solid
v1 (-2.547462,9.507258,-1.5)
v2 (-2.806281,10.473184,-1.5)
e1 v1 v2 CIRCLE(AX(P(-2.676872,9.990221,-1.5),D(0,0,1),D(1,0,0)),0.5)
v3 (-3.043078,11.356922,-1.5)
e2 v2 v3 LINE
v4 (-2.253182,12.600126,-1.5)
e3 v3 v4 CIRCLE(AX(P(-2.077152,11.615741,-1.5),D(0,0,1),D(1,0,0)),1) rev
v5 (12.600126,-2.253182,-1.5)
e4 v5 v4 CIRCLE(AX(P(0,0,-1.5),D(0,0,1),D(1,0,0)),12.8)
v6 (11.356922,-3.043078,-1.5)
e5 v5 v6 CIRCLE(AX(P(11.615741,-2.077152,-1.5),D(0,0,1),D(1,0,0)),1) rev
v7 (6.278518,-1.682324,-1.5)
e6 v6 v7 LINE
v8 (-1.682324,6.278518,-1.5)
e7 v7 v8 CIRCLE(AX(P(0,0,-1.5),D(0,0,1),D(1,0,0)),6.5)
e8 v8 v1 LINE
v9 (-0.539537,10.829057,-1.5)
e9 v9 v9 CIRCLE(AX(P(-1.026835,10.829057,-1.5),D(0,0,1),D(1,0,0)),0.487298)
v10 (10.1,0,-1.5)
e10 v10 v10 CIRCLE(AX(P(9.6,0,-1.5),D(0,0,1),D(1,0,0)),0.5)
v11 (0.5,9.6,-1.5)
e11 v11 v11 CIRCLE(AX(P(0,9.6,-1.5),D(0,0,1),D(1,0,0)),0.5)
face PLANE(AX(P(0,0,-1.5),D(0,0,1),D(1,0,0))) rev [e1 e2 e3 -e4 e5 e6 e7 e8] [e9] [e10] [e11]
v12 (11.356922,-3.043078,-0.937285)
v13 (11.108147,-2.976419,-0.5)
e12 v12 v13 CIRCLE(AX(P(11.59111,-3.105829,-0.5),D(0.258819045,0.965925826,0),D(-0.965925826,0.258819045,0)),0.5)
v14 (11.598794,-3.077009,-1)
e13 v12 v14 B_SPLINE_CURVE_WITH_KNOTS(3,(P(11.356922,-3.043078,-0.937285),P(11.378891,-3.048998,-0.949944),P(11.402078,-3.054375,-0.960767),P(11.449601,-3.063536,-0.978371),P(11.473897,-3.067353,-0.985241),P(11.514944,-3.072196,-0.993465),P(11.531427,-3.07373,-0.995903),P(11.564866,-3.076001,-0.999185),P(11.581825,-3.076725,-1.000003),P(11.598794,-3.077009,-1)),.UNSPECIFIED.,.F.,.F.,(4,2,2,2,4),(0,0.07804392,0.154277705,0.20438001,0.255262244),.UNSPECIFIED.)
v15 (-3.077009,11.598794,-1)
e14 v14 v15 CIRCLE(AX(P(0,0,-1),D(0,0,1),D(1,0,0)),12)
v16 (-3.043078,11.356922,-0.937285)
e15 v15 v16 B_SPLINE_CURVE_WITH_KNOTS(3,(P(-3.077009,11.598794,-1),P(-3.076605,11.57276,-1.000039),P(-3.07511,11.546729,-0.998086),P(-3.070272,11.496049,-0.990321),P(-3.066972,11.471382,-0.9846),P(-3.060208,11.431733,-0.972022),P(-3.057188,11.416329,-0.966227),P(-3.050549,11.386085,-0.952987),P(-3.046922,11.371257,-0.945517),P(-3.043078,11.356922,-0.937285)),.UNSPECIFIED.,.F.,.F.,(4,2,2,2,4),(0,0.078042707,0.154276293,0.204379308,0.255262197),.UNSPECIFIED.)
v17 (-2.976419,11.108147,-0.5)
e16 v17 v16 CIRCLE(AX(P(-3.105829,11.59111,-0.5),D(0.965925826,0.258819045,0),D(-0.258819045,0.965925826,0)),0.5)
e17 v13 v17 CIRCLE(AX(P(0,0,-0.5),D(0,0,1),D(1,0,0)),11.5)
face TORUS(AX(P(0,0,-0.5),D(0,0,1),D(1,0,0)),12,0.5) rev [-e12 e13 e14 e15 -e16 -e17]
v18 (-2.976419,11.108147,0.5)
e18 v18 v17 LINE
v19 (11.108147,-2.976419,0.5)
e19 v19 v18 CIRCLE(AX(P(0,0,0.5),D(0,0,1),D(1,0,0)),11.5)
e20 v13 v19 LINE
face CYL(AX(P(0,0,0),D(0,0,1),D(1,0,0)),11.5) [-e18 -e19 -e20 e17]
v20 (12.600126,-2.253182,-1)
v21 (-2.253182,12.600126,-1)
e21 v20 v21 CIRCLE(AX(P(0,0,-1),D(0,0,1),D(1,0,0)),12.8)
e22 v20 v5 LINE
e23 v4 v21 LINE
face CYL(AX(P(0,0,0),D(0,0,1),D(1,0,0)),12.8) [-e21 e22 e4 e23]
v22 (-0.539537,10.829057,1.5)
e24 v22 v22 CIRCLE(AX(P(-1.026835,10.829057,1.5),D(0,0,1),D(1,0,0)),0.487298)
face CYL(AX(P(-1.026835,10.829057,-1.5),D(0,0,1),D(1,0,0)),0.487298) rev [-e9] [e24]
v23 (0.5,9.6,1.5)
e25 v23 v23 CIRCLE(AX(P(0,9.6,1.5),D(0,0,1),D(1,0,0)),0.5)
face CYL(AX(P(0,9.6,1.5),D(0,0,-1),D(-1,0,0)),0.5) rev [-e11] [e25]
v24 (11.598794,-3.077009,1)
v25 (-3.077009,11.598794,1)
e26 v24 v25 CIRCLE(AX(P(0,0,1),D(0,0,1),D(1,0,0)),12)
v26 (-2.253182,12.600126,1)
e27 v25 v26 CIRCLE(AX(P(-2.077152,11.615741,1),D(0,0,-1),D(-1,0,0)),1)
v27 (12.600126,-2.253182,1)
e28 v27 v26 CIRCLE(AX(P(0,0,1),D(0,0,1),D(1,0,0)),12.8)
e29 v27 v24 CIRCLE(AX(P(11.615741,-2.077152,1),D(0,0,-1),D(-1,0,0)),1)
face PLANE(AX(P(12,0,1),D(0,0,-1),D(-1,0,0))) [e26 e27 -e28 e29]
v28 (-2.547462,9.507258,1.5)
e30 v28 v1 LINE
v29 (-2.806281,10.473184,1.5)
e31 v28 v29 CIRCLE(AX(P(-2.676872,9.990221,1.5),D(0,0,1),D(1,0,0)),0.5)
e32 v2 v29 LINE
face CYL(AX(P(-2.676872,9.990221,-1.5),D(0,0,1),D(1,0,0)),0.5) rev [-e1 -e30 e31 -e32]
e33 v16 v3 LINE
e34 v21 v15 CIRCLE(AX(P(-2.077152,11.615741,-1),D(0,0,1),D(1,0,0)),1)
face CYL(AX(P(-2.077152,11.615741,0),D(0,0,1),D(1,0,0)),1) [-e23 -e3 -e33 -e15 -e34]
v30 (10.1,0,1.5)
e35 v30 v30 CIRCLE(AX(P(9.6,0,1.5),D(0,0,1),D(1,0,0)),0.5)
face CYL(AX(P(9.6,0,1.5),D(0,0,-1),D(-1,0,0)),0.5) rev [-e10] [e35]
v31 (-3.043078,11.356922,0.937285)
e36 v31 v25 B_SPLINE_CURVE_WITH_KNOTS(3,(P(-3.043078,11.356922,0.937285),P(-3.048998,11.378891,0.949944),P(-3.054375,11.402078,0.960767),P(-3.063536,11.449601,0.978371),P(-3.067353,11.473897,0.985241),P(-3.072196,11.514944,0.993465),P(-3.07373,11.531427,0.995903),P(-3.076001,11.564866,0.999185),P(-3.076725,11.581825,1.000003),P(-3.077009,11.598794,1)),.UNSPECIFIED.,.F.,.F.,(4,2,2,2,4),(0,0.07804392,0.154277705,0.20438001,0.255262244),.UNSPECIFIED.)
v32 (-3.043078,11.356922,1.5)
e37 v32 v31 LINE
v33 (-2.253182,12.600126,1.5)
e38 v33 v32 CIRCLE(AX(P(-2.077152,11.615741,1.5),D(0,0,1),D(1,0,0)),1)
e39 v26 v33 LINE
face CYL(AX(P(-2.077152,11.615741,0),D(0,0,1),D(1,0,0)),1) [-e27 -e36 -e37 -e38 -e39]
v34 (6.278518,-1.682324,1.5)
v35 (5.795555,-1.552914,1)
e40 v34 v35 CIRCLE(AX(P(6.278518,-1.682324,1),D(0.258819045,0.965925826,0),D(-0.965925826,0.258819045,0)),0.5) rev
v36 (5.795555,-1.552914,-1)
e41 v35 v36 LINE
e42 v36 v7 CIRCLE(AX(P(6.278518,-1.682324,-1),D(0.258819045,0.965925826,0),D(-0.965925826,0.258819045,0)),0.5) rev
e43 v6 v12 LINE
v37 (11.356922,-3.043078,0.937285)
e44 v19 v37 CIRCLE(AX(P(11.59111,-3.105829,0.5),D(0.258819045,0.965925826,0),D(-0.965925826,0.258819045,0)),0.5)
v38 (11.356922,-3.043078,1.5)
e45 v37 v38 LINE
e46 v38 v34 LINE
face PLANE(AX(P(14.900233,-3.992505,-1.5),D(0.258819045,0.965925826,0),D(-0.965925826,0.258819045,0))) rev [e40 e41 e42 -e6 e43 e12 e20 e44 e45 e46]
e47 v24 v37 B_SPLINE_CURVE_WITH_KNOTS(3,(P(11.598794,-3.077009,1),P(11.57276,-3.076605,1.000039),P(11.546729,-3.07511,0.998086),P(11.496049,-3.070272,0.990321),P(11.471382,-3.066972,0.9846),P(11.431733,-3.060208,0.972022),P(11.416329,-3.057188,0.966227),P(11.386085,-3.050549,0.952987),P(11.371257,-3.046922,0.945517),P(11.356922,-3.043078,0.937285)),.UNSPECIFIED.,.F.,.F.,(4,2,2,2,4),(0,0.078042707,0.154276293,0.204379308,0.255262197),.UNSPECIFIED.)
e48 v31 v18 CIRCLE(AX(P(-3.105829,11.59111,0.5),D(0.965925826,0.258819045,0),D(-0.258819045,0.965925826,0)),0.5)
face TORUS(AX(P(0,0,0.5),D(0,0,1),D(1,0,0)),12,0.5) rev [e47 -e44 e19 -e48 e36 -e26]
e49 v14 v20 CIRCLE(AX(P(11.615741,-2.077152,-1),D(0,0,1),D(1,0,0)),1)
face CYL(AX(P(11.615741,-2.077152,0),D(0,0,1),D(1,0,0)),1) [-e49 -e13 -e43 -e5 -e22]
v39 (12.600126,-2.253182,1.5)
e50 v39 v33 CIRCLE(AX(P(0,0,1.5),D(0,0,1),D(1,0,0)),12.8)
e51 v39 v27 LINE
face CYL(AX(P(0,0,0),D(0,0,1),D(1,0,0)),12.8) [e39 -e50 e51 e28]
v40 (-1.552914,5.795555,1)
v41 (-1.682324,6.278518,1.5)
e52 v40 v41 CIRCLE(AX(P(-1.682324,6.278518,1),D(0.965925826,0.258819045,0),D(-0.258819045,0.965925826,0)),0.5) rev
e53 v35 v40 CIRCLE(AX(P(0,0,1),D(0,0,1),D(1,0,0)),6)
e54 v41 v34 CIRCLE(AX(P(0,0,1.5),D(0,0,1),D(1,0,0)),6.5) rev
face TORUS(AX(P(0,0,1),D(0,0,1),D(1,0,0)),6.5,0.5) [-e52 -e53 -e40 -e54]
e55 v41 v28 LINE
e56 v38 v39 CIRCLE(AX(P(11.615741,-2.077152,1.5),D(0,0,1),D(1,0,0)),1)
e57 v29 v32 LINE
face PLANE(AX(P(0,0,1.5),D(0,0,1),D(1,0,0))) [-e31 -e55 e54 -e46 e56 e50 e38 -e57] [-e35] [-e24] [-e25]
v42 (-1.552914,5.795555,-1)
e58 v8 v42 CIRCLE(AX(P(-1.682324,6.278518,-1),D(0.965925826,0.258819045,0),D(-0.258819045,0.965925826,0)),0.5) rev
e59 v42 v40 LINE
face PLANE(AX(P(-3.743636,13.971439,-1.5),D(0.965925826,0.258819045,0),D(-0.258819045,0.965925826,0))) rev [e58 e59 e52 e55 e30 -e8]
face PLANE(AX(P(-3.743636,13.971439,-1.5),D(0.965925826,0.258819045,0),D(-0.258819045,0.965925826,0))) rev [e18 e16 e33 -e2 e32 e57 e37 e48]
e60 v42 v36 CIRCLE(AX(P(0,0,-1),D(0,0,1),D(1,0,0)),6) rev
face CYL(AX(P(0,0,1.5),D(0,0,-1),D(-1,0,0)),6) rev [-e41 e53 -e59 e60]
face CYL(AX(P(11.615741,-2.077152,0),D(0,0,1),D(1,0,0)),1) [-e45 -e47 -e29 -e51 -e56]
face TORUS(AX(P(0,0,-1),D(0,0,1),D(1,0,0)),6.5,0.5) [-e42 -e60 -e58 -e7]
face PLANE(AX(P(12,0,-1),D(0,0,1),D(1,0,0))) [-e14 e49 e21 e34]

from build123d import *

# Parameters (mm, degrees)
SKETCH1_R               = 12
SKETCH1_R_2             = 0.5
SKETCH1_R_3             = 6
BOSS_EXTRUDE1_DEPTH     = 1.5
SKETCH6_W               = 0.8
SKETCH6_H               = 0.5
CUT_EXTRUDE1_DEPTH      = 19.163975336
CUT_EXTRUDE1_DEPTH_BACK = 19.163975336
CUT_EXTRUDE2_DEPTH      = 19.348841925
CUT_EXTRUDE2_DEPTH_BACK = 19.348841925
SKETCH5_R               = 0.5
SKETCH5_R_2             = 0.48729794
FILLET1_R               = 0.5
FILLET2_R               = 1


with BuildPart() as part:
    # Sketch1 → Boss-Extrude1 (new, symmetric)
    with BuildSketch(Plane.XY):
        Circle(SKETCH1_R)
        with Locations((9.6, 0)):
            Circle(SKETCH1_R_2, mode=Mode.SUBTRACT)
        Circle(SKETCH1_R_3, mode=Mode.SUBTRACT)
        with Locations((0, -9.6)):
            Circle(SKETCH1_R_2, mode=Mode.SUBTRACT)
        with Locations((-9.6, 0)):
            Circle(SKETCH1_R_2, mode=Mode.SUBTRACT)
        with Locations((0, 9.6)):
            Circle(SKETCH1_R_2, mode=Mode.SUBTRACT)
    extrude(amount=BOSS_EXTRUDE1_DEPTH, both=True)

    # Sketch2 → Cut-Revolve1 (revolve, cut)
    with BuildSketch(Plane(origin=(0, 0, 0), x_dir=(1, 0, 0), z_dir=(0, 1, 0)), mode=Mode.PRIVATE) as cut_revolve1_sk:
        with BuildLine():
            Line((-11.5, 0.5), (-11.5, -0.5))
            ThreePointArc((-11.5, -0.5), (-11.646446609, -0.853553391), (-12, -1))
            Line((-12, -1), (-12, 1))
            ThreePointArc((-12, 1), (-11.646446609, 0.853553391), (-11.5, 0.5))
        make_face()
    revolve(cut_revolve1_sk.sketch.rotate(Axis((0, 0, 0), (0, 0, -1)), 180), axis=Axis((0, 0, 0), (0, 0, -1)), mode=Mode.SUBTRACT)

    # Sketch6 → Revolve1 (revolve)
    with BuildSketch(Plane(origin=(0, 0, 0), x_dir=(1, 0, 0), z_dir=(0, 1, 0))):
        with Locations((12.4, 1.25)):
            Rectangle(SKETCH6_W, SKETCH6_H)
        with Locations((12.4, -1.25)):
            Rectangle(SKETCH6_W, SKETCH6_H)
    revolve(axis=Axis((0, 0, 0), (0, 0, -1)))

    # Sketch4 → Cut-Extrude1 (cut, two sides: drawn at the far end of the back side and taken through both)
    with BuildSketch(Plane.XY.offset(-CUT_EXTRUDE1_DEPTH_BACK)):
        Polygon((-3.743635752, 13.97143883), (0, 0), (14.900233226, -3.99250546), (14.900233226, -14.839385646), (-15.188066433, -14.839385646), (-15.188066433, 13.97143883), align=None)
    extrude(amount=CUT_EXTRUDE1_DEPTH + CUT_EXTRUDE1_DEPTH_BACK, mode=Mode.SUBTRACT)

    # Sketch5 → Cut-Extrude2 (cut, two sides: drawn at the far end of the back side and taken through both)
    with BuildSketch(Plane.XY.offset(1.5).offset(-CUT_EXTRUDE2_DEPTH_BACK)):
        with Locations((-2.67687174, 9.990221337)):
            Circle(SKETCH5_R)
        with Locations((-1.026834566, 10.829057404)):
            Circle(SKETCH5_R_2)
    extrude(amount=CUT_EXTRUDE2_DEPTH + CUT_EXTRUDE2_DEPTH_BACK, mode=Mode.SUBTRACT)

    # Fillet1
    fillet1_edges = [part.edges().sort_by_distance(p)[0] for p in [
        (4.242640687, 4.242640687, 1.5),
        (4.242640687, 4.242640687, -1.5),
    ]]
    fillet(fillet1_edges, radius=FILLET1_R)

    # Fillet2
    fillet2_edges = [part.edges().sort_by_distance(p)[0] for p in [
        (12.363850577, -3.312883777, -1.25),
        (12.363850577, -3.312883777, 1.25),
        (-3.312883777, 12.363850577, -1.25),
        (-3.312883777, 12.363850577, 1.25),
    ]]
    fillet(fillet2_edges, radius=FILLET2_R)


solid = part.part
